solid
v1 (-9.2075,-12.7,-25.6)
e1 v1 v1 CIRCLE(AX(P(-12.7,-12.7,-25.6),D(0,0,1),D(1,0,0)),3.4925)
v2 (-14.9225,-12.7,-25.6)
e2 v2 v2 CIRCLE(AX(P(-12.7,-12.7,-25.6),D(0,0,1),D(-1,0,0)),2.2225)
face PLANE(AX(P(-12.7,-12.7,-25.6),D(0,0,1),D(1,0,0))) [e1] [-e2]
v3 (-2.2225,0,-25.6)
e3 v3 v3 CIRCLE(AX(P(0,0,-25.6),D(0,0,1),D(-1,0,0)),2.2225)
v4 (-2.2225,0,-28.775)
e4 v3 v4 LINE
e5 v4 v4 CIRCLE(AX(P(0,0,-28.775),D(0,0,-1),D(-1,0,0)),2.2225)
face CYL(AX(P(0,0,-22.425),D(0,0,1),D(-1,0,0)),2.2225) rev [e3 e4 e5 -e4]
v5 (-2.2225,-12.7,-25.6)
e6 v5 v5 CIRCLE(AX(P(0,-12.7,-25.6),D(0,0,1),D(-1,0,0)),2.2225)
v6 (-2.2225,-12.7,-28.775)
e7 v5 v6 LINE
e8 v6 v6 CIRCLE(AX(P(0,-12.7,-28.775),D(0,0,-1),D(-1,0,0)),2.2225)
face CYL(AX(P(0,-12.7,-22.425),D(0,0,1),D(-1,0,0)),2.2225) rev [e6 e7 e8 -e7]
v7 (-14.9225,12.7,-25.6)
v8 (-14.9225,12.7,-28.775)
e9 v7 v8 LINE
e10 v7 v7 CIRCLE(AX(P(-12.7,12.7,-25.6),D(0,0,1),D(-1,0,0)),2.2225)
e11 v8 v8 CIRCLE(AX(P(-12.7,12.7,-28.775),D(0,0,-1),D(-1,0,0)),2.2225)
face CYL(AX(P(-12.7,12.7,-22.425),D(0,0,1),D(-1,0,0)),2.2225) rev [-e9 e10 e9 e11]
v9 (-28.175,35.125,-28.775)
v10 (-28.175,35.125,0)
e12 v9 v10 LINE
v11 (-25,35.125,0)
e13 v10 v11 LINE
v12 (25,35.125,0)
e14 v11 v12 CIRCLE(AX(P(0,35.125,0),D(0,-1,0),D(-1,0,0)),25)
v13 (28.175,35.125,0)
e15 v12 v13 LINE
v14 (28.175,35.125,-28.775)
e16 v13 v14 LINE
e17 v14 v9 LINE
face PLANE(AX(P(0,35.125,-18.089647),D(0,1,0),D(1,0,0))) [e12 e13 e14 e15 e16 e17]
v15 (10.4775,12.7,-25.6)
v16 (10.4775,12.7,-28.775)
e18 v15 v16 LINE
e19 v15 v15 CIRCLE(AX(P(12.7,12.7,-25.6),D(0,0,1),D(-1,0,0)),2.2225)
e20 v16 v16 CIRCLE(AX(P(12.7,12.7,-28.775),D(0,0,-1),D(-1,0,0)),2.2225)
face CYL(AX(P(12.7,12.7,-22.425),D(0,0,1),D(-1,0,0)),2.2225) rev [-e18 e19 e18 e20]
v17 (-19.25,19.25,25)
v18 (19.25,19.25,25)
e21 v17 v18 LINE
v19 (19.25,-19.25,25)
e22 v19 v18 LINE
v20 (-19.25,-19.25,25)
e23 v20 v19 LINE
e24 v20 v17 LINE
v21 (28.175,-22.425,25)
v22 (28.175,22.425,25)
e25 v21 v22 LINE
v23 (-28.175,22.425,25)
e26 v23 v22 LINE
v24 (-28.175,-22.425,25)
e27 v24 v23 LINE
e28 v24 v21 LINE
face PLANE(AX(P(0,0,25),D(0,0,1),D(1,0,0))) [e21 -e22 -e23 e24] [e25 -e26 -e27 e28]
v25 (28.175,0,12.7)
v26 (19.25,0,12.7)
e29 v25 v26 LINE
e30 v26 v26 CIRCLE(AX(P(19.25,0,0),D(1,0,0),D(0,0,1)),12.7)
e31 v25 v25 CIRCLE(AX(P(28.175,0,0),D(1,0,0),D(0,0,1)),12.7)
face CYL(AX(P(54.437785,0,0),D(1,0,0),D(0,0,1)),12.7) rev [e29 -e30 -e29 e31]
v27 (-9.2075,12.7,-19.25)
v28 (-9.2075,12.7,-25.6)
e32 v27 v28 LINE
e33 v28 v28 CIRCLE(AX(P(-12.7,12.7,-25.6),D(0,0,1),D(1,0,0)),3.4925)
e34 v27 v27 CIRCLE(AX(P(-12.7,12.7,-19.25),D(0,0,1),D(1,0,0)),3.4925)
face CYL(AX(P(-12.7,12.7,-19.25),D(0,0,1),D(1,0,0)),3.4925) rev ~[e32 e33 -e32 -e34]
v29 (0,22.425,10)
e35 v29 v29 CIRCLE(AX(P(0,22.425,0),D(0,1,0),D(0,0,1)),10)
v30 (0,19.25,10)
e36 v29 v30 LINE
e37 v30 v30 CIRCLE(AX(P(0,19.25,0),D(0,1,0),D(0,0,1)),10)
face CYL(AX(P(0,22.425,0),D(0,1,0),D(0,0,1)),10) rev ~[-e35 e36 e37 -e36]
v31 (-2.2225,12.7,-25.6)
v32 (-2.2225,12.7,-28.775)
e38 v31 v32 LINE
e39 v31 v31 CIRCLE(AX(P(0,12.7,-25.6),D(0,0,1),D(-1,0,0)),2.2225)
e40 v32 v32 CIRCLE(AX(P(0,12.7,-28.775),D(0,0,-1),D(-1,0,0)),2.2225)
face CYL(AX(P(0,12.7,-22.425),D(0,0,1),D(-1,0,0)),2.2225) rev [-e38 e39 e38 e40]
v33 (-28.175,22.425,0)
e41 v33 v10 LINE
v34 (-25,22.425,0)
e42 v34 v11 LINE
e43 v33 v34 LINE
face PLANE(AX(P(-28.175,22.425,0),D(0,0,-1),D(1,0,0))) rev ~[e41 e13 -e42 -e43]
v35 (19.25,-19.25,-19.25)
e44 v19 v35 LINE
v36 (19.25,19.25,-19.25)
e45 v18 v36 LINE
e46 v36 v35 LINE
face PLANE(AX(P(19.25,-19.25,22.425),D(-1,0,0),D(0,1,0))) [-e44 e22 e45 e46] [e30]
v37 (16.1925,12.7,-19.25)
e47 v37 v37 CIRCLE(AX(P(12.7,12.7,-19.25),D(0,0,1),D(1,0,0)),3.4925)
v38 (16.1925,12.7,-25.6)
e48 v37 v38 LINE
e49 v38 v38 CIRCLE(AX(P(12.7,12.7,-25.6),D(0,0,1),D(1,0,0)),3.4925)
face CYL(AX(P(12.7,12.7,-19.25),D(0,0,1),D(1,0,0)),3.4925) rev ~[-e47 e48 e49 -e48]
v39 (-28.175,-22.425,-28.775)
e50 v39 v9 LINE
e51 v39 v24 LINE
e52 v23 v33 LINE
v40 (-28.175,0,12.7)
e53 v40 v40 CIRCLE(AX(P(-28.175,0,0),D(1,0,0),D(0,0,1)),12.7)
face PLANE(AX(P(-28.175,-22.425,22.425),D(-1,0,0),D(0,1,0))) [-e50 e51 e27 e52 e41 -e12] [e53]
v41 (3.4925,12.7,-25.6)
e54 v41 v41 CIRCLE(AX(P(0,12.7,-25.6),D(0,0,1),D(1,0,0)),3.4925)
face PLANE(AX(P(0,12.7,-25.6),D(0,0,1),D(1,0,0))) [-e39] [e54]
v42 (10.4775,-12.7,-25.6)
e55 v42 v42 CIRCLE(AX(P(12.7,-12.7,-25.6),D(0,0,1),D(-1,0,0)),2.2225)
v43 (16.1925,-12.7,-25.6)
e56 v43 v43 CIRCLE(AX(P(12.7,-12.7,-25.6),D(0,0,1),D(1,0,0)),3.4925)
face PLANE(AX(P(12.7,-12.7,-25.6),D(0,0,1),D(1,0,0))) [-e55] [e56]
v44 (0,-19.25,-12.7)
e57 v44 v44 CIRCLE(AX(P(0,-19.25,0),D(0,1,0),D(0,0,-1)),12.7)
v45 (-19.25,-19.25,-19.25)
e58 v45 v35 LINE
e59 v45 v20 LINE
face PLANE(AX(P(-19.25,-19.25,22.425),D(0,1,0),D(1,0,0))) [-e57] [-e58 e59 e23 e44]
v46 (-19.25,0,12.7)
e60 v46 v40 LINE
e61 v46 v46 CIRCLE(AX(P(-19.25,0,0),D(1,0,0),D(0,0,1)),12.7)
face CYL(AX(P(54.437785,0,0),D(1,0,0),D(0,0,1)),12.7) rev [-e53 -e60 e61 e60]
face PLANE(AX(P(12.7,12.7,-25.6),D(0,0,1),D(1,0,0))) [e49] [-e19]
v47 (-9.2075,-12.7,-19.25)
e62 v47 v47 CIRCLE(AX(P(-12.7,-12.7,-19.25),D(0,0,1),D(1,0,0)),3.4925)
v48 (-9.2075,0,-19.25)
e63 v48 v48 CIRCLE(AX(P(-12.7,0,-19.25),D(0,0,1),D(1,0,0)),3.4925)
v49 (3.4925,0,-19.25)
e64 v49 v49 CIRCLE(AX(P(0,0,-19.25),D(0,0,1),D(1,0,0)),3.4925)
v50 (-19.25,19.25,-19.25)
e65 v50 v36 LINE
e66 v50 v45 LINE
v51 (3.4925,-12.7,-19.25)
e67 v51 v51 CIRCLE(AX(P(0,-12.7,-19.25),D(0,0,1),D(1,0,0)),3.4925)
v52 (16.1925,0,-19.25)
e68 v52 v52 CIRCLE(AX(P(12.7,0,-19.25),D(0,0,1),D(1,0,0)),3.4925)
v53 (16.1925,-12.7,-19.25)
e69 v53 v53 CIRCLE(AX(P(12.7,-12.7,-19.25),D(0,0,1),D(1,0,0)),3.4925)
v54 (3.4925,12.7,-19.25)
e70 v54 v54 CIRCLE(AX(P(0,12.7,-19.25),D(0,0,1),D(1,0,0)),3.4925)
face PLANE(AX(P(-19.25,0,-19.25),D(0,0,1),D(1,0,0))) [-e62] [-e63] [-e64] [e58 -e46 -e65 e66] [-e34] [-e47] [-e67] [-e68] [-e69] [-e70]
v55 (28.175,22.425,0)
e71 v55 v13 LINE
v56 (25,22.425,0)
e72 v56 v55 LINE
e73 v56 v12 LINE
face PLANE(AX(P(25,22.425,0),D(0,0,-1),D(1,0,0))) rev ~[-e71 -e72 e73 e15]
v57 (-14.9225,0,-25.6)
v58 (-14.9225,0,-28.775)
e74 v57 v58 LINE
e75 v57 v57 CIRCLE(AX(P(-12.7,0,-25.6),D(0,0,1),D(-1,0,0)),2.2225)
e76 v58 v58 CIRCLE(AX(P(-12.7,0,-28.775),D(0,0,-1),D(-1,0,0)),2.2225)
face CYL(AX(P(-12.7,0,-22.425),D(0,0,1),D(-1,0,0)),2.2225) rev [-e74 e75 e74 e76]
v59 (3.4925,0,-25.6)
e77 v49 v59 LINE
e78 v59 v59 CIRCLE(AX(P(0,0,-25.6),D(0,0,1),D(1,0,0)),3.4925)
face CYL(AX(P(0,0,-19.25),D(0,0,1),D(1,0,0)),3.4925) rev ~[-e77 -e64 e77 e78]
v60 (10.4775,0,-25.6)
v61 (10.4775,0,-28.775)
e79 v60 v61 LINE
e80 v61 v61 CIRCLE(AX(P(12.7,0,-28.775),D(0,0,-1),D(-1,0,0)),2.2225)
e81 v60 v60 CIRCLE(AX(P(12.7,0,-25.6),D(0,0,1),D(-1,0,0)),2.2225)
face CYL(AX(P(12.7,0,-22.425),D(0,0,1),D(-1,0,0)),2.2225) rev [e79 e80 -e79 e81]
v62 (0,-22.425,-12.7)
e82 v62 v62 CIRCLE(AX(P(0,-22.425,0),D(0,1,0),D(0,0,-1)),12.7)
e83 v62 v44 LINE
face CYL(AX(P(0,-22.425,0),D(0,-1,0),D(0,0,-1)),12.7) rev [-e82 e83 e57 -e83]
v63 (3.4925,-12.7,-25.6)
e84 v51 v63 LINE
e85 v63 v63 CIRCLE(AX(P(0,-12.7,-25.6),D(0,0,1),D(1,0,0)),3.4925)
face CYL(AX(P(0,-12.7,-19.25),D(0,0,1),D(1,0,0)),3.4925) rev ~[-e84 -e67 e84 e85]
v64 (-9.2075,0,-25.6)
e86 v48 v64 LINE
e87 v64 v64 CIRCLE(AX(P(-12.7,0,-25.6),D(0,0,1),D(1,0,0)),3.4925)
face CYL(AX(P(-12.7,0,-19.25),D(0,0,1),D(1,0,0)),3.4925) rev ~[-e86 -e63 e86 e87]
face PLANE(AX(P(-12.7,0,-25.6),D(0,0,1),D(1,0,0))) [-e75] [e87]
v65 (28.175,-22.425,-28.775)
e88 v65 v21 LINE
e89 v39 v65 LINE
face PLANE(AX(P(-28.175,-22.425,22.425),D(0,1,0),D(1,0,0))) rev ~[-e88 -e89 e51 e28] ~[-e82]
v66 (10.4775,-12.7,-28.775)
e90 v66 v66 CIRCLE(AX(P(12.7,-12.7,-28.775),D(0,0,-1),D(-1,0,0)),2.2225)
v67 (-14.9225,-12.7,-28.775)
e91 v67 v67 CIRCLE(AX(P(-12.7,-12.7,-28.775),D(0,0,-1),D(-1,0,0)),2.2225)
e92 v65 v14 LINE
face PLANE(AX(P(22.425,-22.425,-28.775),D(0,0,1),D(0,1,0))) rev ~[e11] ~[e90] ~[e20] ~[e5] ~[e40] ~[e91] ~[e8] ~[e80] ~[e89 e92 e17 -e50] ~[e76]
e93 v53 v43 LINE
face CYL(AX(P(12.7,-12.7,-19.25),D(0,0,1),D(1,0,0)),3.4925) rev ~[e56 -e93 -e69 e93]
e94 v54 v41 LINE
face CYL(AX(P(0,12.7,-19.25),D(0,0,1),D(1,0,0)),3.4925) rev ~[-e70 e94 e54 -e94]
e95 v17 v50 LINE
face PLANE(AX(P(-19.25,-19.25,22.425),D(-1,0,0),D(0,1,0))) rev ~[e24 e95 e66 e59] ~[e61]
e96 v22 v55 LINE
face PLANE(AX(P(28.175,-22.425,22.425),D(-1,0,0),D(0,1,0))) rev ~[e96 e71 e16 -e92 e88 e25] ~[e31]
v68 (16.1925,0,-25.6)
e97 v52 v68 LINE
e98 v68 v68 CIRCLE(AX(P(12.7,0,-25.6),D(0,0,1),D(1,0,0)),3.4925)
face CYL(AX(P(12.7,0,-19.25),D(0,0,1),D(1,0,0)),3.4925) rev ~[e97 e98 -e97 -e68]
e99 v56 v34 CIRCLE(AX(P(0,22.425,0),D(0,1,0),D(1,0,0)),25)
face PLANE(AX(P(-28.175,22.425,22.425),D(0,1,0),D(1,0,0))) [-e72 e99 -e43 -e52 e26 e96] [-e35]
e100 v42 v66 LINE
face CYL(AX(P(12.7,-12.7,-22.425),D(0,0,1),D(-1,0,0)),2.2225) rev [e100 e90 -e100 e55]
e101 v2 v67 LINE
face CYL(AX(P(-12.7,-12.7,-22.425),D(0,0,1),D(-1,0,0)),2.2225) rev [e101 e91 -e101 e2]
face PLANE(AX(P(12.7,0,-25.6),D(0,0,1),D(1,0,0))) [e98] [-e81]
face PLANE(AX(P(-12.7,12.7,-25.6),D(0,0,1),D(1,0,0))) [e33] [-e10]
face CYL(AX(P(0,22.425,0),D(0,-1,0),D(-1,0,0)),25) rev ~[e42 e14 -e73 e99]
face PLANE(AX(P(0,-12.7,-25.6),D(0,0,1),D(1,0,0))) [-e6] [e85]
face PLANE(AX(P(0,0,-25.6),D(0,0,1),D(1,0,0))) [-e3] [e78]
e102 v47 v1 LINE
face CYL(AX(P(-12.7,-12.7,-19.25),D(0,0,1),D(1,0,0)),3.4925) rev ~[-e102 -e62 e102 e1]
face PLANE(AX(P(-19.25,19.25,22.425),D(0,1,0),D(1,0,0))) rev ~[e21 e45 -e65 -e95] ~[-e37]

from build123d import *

# Parameters (mm, degrees)
SKETCH1_W               = 44.85
SKETCH1_H               = 44.85
SKETCH1_W_2             = 38.5
SKETCH1_H_2             = 38.5
BOSS_EXTRUDE1_DEPTH     = 19.25
SKETCH2_W               = 44.85
SKETCH2_H               = 44.85
BOSS_EXTRUDE2_DEPTH     = 3.175
SKETCH3_W               = 44.85
SKETCH3_H               = 44.85
BOSS_EXTRUDE3_DEPTH     = 3.175
SKETCH5_R               = 12.7
CUT_EXTRUDE1_DEPTH      = 3.175
CUT_EXTRUDE2_START      = 22.425
SKETCH6_R               = 10
CUT_EXTRUDE2_DEPTH      = 41.675
SKETCH8_W               = 44.85
SKETCH8_H               = 44.85
SKETCH8_R               = 2.2225
BOSS_EXTRUDE4_DEPTH     = 6.35
SKETCH9_R               = 3.4925
CUT_EXTRUDE4_DEPTH      = 6.35
CUT_EXTRUDE5_REACH      = 62.226
SKETCH10_W              = 38.5
SKETCH10_H              = 38.5
BOSS_EXTRUDE5_DEPTH     = 12.7
BOSS_EXTRUDE6_DEPTH     = 5.75
BOSS_EXTRUDE7_DEPTH     = 5.75
SKETCH15_W              = 56.35
SKETCH15_H              = 44.85
SKETCH15_W_2            = 38.5
SKETCH15_H_2            = 38.5
BOSS_EXTRUDE8_DEPTH     = 2.575
CUT_EXTRUDE3_DEPTH      = 54.437785087
CUT_EXTRUDE3_DEPTH_BACK = 54.437785087
SKETCH7_R               = 12.7


with BuildPart() as part:
    # Sketch1 → Boss-Extrude1 (new, symmetric)
    with BuildSketch(Plane(origin=(0, 0, 0), x_dir=(1, 0, 0), z_dir=(0, 1, 0))):
        Rectangle(SKETCH1_W, SKETCH1_H)
        Rectangle(SKETCH1_W_2, SKETCH1_H_2, mode=Mode.SUBTRACT)
    extrude(amount=BOSS_EXTRUDE1_DEPTH, both=True)

    # Sketch2 → Boss-Extrude2 (add)
    with BuildSketch(Plane(origin=(0, 19.25, 0), x_dir=(1, 0, 0), z_dir=(0, 1, 0))):
        Rectangle(SKETCH2_W, SKETCH2_H)
    extrude(amount=BOSS_EXTRUDE2_DEPTH)

    # Sketch3 → Boss-Extrude3 (add)
    with BuildSketch(Plane.XZ.offset(19.25)):
        Rectangle(SKETCH3_W, SKETCH3_H)
    extrude(amount=BOSS_EXTRUDE3_DEPTH)

    # Sketch5 → Cut-Extrude1 (cut)
    with BuildSketch(Plane(origin=(0, -22.425, -22.425), x_dir=(1, 0, 0), z_dir=(0, 1, 0))):
        with Locations(Location((0, -22.425, 0), (0, 0, 90))):
            Circle(SKETCH5_R)
    extrude(amount=CUT_EXTRUDE1_DEPTH, mode=Mode.SUBTRACT)

    # Sketch6 → Cut-Extrude2 (cut)
    with BuildSketch(Plane(origin=(0, 0, 0), x_dir=(1, 0, 0), z_dir=(0, 1, 0)).offset(CUT_EXTRUDE2_START)):
        with Locations(Location((0, 0, 0), (0, 0, 270))):
            Circle(SKETCH6_R)
    extrude(amount=-CUT_EXTRUDE2_DEPTH, mode=Mode.SUBTRACT)

    # Sketch8 → Boss-Extrude4 (add)
    with BuildSketch(Plane(origin=(0, 0, -22.425), x_dir=(-1, 0, 0), z_dir=(0, 0, -1))):
        Rectangle(SKETCH8_W, SKETCH8_H)
        with Locations((-12.7, 12.7)):
            Circle(SKETCH8_R, mode=Mode.SUBTRACT)
        with Locations((0, 12.7)):
            Circle(SKETCH8_R, mode=Mode.SUBTRACT)
        with Locations((12.7, 12.7)):
            Circle(SKETCH8_R, mode=Mode.SUBTRACT)
        Circle(SKETCH8_R, mode=Mode.SUBTRACT)
        with Locations((12.7, 0)):
            Circle(SKETCH8_R, mode=Mode.SUBTRACT)
        with Locations((0, -12.7)):
            Circle(SKETCH8_R, mode=Mode.SUBTRACT)
        with Locations((12.7, -12.7)):
            Circle(SKETCH8_R, mode=Mode.SUBTRACT)
        with Locations((-12.7, 0)):
            Circle(SKETCH8_R, mode=Mode.SUBTRACT)
        with Locations((-12.7, -12.7)):
            Circle(SKETCH8_R, mode=Mode.SUBTRACT)
    extrude(amount=BOSS_EXTRUDE4_DEPTH)

    # Sketch9 → Cut-Extrude4 (cut)
    with BuildSketch(Plane.XY.offset(-19.25)):
        with Locations((12.7, 12.7)):
            Circle(SKETCH9_R)
        with Locations((0, 12.7)):
            Circle(SKETCH9_R)
        with Locations((-12.7, 12.7)):
            Circle(SKETCH9_R)
        Circle(SKETCH9_R)
        with Locations((-12.7, 0)):
            Circle(SKETCH9_R)
        with Locations((0, -12.7)):
            Circle(SKETCH9_R)
        with Locations((-12.7, -12.7)):
            Circle(SKETCH9_R)
        with Locations((12.7, 0)):
            Circle(SKETCH9_R)
        with Locations((12.7, -12.7)):
            Circle(SKETCH9_R)
    extrude(amount=-CUT_EXTRUDE4_DEPTH, mode=Mode.SUBTRACT)

    # Sketch10 → Cut-Extrude5 (cut, up to next)
    with BuildSketch(Plane.XY.offset(22.425), mode=Mode.PRIVATE) as cut_extrude5_sk1:
        Rectangle(SKETCH10_W, SKETCH10_H)
    cut_extrude5_tool1 = extrude(cut_extrude5_sk1.sketch, amount=-CUT_EXTRUDE5_REACH, mode=Mode.PRIVATE) & part.part
    add(cut_extrude5_tool1.solids().sort_by_distance((0, 0, 22.425))[0], mode=Mode.SUBTRACT)

    # Sketch11 → Boss-Extrude5 (add)
    with BuildSketch(Plane(origin=(0, 22.425, 0), x_dir=(1, 0, 0), z_dir=(0, 1, 0))):
        with BuildLine():
            Line((-28.175, 0), (-25, 0))
            ThreePointArc((-25, 0), (0, 25), (25, 0))
            Line((25, 0), (28.175, 0))
            Line((28.175, 0), (28.175, 28.775))
            Line((28.175, 28.775), (-28.175, 28.775))
            Line((-28.175, 28.775), (-28.175, 0))
        make_face()
    extrude(amount=BOSS_EXTRUDE5_DEPTH)

    # Sketch12 → Boss-Extrude6 (add)
    with BuildSketch(Plane.ZY.offset(22.425)):
        Polygon((-11.050763548, 22.425), (-28.775, 22.425), (-28.775, -22.425), (22.425, -22.425), (22.425, 22.425), align=None)
    extrude(amount=BOSS_EXTRUDE6_DEPTH)

    # Sketch13 → Boss-Extrude7 (add)
    with BuildSketch(Plane(origin=(22.425, 0, 0), x_dir=(0, 0, -1), z_dir=(1, 0, 0))):
        Polygon((-22.425, 22.425), (-22.425, -22.425), (28.775, -22.425), (28.775, 22.425), (11.050763548, 22.425), align=None)
    extrude(amount=BOSS_EXTRUDE7_DEPTH)

    # Sketch15 → Boss-Extrude8 (add)
    with BuildSketch(Plane.XY.offset(22.425)):
        Rectangle(SKETCH15_W, SKETCH15_H)
        Rectangle(SKETCH15_W_2, SKETCH15_H_2, mode=Mode.SUBTRACT)
    extrude(amount=BOSS_EXTRUDE8_DEPTH)

    # Sketch7 → Cut-Extrude3 (cut, two sides: drawn at the far end of the back side and taken through both)
    with BuildSketch(Plane.ZY.offset(-CUT_EXTRUDE3_DEPTH_BACK)):
        Circle(SKETCH7_R)
    extrude(amount=CUT_EXTRUDE3_DEPTH + CUT_EXTRUDE3_DEPTH_BACK, mode=Mode.SUBTRACT)


solid = part.part
